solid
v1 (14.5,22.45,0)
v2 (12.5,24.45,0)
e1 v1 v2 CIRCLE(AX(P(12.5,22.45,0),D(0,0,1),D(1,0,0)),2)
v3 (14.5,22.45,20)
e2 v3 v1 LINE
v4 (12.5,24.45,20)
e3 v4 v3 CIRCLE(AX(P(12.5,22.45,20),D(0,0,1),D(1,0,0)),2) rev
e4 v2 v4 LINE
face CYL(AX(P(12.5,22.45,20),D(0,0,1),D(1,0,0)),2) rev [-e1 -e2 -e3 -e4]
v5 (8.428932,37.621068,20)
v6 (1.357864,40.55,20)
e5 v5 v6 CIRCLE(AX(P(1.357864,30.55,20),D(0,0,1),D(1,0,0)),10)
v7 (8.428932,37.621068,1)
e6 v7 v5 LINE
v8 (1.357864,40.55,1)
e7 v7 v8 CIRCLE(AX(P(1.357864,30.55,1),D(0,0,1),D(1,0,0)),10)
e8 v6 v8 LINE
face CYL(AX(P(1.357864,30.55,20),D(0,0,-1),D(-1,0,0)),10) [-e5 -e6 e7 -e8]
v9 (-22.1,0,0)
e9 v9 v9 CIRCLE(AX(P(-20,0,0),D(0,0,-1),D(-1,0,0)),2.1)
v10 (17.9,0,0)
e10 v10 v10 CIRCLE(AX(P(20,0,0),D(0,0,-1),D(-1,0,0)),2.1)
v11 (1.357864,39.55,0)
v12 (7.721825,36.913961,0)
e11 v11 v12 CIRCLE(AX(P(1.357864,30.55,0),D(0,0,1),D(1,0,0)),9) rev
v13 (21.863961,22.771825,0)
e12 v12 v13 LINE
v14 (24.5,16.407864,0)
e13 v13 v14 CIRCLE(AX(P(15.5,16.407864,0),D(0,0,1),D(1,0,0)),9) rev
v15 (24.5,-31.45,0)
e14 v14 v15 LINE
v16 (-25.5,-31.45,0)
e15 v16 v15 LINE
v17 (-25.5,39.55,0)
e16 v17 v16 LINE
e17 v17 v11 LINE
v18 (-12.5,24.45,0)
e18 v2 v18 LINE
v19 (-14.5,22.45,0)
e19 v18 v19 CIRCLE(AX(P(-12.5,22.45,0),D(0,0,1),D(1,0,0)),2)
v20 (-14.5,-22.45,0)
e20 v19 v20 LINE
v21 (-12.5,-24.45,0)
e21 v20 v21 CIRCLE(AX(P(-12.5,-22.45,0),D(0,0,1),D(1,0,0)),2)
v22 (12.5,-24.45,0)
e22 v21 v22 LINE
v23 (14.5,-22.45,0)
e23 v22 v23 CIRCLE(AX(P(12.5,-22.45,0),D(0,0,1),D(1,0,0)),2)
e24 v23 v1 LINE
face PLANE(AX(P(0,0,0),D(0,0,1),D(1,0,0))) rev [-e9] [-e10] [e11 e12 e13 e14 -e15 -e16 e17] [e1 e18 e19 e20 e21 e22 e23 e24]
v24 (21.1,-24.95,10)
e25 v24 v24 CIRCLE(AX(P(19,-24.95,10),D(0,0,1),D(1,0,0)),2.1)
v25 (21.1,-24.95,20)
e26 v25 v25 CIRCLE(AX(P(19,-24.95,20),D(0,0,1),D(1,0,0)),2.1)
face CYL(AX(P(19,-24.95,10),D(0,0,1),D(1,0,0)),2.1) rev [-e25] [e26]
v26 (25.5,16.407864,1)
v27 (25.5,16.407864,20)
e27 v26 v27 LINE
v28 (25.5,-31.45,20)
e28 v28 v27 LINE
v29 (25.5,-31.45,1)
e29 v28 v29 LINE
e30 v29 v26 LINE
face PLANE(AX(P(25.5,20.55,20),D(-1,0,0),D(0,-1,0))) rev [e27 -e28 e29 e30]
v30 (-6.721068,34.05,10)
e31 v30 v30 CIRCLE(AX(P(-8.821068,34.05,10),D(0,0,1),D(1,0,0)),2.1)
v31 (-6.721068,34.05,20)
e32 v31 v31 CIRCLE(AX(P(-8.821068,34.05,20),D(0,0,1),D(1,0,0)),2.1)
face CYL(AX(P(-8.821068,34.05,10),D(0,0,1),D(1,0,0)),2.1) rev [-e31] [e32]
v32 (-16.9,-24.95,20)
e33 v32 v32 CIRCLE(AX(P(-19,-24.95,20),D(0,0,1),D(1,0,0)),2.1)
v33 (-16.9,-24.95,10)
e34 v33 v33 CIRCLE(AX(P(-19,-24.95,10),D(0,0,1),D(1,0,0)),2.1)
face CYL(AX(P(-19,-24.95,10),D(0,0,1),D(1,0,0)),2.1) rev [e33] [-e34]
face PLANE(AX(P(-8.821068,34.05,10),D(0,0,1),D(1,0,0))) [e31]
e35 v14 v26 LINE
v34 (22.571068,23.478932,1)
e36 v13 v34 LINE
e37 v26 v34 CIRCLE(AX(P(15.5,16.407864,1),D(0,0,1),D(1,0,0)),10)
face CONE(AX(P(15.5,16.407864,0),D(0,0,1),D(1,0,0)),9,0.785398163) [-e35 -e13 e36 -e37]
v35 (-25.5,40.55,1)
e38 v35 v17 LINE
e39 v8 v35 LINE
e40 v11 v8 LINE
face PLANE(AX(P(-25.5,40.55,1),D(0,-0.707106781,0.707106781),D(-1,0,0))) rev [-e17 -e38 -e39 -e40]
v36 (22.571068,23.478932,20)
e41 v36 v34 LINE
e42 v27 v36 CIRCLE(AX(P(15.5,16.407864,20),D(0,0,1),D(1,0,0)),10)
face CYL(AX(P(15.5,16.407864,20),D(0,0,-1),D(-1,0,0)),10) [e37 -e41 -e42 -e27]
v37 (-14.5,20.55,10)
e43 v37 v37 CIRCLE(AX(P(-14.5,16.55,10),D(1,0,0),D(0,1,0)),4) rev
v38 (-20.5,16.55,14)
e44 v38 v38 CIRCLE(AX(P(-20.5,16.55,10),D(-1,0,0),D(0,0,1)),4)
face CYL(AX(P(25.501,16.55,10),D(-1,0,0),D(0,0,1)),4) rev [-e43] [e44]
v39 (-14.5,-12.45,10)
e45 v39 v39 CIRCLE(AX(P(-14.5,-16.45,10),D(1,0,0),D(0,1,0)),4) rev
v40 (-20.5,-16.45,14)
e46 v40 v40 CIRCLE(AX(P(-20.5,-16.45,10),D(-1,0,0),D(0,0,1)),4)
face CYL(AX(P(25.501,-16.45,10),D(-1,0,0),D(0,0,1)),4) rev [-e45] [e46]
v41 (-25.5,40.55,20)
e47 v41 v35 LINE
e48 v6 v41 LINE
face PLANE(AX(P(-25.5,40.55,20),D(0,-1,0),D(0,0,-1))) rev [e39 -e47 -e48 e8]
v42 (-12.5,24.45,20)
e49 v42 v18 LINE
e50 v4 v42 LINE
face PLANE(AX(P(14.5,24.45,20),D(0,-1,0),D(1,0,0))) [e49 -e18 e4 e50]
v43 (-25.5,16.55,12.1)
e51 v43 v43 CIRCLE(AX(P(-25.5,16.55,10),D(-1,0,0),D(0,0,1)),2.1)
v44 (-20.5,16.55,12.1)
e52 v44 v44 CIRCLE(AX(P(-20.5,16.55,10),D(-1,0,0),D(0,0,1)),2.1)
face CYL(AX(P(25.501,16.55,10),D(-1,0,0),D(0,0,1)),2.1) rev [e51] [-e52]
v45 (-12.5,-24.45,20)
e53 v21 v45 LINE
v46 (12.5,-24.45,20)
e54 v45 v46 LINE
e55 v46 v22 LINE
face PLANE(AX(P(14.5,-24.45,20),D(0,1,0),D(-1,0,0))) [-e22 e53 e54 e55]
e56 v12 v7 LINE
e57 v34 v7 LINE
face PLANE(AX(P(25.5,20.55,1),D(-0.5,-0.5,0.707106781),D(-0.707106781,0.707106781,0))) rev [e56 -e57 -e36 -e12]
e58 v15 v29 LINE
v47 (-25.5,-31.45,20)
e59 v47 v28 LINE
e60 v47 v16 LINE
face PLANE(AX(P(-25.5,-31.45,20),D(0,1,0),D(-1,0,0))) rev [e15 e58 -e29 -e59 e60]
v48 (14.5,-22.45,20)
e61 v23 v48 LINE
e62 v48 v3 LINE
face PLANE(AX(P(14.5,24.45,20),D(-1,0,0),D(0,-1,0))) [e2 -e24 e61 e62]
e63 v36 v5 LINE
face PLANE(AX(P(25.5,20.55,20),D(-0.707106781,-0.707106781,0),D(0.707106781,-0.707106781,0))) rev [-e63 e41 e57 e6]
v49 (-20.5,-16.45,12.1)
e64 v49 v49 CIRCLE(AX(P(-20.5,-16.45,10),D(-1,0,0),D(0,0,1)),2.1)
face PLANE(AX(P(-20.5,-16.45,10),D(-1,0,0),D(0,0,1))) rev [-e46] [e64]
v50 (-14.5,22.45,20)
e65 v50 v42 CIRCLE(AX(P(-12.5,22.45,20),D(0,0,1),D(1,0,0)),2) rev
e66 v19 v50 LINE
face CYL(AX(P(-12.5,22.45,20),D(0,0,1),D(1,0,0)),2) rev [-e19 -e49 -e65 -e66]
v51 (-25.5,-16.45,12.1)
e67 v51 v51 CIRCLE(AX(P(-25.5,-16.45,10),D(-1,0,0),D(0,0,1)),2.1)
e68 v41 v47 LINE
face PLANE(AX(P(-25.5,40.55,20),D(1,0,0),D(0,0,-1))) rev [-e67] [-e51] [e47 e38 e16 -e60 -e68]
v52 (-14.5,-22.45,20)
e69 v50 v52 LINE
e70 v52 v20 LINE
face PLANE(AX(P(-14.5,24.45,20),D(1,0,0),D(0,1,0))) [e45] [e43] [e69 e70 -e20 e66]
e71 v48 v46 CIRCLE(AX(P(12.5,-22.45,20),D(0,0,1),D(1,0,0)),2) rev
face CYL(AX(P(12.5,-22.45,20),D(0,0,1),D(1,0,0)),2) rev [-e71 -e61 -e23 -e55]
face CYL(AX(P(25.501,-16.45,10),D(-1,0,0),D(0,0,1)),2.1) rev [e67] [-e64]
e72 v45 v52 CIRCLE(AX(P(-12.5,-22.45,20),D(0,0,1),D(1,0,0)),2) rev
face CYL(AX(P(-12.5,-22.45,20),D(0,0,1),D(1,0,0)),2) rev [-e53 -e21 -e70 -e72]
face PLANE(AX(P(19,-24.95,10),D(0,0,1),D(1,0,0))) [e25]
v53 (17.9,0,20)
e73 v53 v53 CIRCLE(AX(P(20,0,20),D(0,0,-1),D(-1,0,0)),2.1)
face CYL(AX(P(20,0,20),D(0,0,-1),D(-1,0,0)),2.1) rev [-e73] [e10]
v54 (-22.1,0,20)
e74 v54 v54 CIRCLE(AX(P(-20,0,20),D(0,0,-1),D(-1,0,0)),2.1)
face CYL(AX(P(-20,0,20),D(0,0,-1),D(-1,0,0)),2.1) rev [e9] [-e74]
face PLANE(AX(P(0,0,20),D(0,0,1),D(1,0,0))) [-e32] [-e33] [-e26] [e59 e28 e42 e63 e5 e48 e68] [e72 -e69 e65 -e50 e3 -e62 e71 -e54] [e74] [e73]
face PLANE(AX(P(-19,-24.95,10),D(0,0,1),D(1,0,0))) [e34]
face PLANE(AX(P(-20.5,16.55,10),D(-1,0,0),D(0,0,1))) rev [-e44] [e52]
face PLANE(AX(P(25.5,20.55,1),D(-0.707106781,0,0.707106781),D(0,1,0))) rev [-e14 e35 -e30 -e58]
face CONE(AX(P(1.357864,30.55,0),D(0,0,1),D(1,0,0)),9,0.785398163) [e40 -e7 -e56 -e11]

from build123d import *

# Parameters (mm, degrees)
SKETCH1_W           = 29
SKETCH1_H           = 48.9
BOSS_EXTRUDE1_DEPTH = 20
SKETCH2_R           = 2.1
CUT_EXTRUDE1_DEPTH  = 52.909079167
FILLET1_R           = 2
FILLET2_R           = 10
CHAMFER1_SIZE       = 1
CUT_EXTRUDE2_REACH  = 70.156
SKETCH3_R           = 2.1
CUT_EXTRUDE3_REACH  = 66.5
SKETCH4_R           = 4
SKETCH5_R           = 2.1
CUT_EXTRUDE4_DEPTH  = 10


with BuildPart() as part:
    # Sketch1 → Boss-Extrude1 (new body)
    with BuildSketch(Plane.XY):
        Polygon((-25.5, 40.55), (5.5, 40.55), (25.5, 20.55), (25.5, -31.45), (-25.5, -31.45), align=None)
        Rectangle(SKETCH1_W, SKETCH1_H, mode=Mode.SUBTRACT)
    extrude(amount=BOSS_EXTRUDE1_DEPTH)

    # Sketch2 → Cut-Extrude1 (cut, through all)
    with BuildSketch(Plane(origin=(0, 0, 0), x_dir=(-1, 0, 0), z_dir=(0, 0, -1))):
        with Locations((-20, 0)):
            Circle(SKETCH2_R)
        with Locations((20, 0)):
            Circle(SKETCH2_R)
    extrude(amount=-CUT_EXTRUDE1_DEPTH, mode=Mode.SUBTRACT)

    # Fillet1
    fillet1_edges = [part.edges().sort_by_distance(p)[0] for p in [
        (14.5, -24.45, 10),
        (14.5, 24.45, 10),
        (-14.5, 24.45, 10),
        (-14.5, -24.45, 10),
    ]]
    fillet(fillet1_edges, radius=FILLET1_R)

    # Fillet2
    fillet2_edges = [part.edges().sort_by_distance(p)[0] for p in [
        (5.5, 40.55, 10),
        (25.5, 20.55, 10),
    ]]
    fillet(fillet2_edges, radius=FILLET2_R)

    # Chamfer1
    chamfer1_edges = [part.edges().sort_by_distance(p)[0] for p in [
        (25.5, -7.521067812, 0),
        (15.5, 30.55, 0),
        (-12.071067812, 40.55, 0),
        (5.1846987, 39.788795325, 0),
        (24.738795325, 20.2346987, 0),
    ]]
    chamfer(chamfer1_edges, length=CHAMFER1_SIZE)

    # Sketch3 → Cut-Extrude2 (cut, up to next)
    with BuildSketch(Plane.ZY.offset(25.5), mode=Mode.PRIVATE) as cut_extrude2_sk1:
        with Locations((10, 16.55)):
            Circle(SKETCH3_R)
    cut_extrude2_tool1 = extrude(cut_extrude2_sk1.sketch, amount=-CUT_EXTRUDE2_REACH, mode=Mode.PRIVATE) & part.part
    # Sketch3 → Cut-Extrude2 (cut, up to next)
    with BuildSketch(Plane.ZY.offset(25.5), mode=Mode.PRIVATE) as cut_extrude2_sk2:
        with Locations((10, -16.45)):
            Circle(SKETCH3_R)
    cut_extrude2_tool2 = extrude(cut_extrude2_sk2.sketch, amount=-CUT_EXTRUDE2_REACH, mode=Mode.PRIVATE) & part.part
    add(cut_extrude2_tool1.solids().sort_by_distance((-25.5, 16.55, 10))[0], mode=Mode.SUBTRACT)
    add(cut_extrude2_tool2.solids().sort_by_distance((-25.5, -16.45, 10))[0], mode=Mode.SUBTRACT)

    # Sketch4 → Cut-Extrude3 (cut, up to next)
    with BuildSketch(Plane.ZY.offset(20.5), mode=Mode.PRIVATE) as cut_extrude3_sk1:
        with Locations((10, 16.55)):
            Circle(SKETCH4_R)
    cut_extrude3_tool1 = extrude(cut_extrude3_sk1.sketch, amount=-CUT_EXTRUDE3_REACH, mode=Mode.PRIVATE) & part.part
    # Sketch4 → Cut-Extrude3 (cut, up to next)
    with BuildSketch(Plane.ZY.offset(20.5), mode=Mode.PRIVATE) as cut_extrude3_sk2:
        with Locations((10, -16.45)):
            Circle(SKETCH4_R)
    cut_extrude3_tool2 = extrude(cut_extrude3_sk2.sketch, amount=-CUT_EXTRUDE3_REACH, mode=Mode.PRIVATE) & part.part
    add(cut_extrude3_tool1.solids().sort_by_distance((-20.5, 16.55, 10))[0], mode=Mode.SUBTRACT)
    add(cut_extrude3_tool2.solids().sort_by_distance((-20.5, -16.45, 10))[0], mode=Mode.SUBTRACT)

    # Sketch5 → Cut-Extrude4 (cut)
    with BuildSketch(Plane.XY.offset(20)):
        with Locations((19, -24.95)):
            Circle(SKETCH5_R)
        with Locations((-8.821067812, 34.05)):
            Circle(SKETCH5_R)
        with Locations((-19, -24.95)):
            Circle(SKETCH5_R)
    extrude(amount=-CUT_EXTRUDE4_DEPTH, mode=Mode.SUBTRACT)


solid = part.part
